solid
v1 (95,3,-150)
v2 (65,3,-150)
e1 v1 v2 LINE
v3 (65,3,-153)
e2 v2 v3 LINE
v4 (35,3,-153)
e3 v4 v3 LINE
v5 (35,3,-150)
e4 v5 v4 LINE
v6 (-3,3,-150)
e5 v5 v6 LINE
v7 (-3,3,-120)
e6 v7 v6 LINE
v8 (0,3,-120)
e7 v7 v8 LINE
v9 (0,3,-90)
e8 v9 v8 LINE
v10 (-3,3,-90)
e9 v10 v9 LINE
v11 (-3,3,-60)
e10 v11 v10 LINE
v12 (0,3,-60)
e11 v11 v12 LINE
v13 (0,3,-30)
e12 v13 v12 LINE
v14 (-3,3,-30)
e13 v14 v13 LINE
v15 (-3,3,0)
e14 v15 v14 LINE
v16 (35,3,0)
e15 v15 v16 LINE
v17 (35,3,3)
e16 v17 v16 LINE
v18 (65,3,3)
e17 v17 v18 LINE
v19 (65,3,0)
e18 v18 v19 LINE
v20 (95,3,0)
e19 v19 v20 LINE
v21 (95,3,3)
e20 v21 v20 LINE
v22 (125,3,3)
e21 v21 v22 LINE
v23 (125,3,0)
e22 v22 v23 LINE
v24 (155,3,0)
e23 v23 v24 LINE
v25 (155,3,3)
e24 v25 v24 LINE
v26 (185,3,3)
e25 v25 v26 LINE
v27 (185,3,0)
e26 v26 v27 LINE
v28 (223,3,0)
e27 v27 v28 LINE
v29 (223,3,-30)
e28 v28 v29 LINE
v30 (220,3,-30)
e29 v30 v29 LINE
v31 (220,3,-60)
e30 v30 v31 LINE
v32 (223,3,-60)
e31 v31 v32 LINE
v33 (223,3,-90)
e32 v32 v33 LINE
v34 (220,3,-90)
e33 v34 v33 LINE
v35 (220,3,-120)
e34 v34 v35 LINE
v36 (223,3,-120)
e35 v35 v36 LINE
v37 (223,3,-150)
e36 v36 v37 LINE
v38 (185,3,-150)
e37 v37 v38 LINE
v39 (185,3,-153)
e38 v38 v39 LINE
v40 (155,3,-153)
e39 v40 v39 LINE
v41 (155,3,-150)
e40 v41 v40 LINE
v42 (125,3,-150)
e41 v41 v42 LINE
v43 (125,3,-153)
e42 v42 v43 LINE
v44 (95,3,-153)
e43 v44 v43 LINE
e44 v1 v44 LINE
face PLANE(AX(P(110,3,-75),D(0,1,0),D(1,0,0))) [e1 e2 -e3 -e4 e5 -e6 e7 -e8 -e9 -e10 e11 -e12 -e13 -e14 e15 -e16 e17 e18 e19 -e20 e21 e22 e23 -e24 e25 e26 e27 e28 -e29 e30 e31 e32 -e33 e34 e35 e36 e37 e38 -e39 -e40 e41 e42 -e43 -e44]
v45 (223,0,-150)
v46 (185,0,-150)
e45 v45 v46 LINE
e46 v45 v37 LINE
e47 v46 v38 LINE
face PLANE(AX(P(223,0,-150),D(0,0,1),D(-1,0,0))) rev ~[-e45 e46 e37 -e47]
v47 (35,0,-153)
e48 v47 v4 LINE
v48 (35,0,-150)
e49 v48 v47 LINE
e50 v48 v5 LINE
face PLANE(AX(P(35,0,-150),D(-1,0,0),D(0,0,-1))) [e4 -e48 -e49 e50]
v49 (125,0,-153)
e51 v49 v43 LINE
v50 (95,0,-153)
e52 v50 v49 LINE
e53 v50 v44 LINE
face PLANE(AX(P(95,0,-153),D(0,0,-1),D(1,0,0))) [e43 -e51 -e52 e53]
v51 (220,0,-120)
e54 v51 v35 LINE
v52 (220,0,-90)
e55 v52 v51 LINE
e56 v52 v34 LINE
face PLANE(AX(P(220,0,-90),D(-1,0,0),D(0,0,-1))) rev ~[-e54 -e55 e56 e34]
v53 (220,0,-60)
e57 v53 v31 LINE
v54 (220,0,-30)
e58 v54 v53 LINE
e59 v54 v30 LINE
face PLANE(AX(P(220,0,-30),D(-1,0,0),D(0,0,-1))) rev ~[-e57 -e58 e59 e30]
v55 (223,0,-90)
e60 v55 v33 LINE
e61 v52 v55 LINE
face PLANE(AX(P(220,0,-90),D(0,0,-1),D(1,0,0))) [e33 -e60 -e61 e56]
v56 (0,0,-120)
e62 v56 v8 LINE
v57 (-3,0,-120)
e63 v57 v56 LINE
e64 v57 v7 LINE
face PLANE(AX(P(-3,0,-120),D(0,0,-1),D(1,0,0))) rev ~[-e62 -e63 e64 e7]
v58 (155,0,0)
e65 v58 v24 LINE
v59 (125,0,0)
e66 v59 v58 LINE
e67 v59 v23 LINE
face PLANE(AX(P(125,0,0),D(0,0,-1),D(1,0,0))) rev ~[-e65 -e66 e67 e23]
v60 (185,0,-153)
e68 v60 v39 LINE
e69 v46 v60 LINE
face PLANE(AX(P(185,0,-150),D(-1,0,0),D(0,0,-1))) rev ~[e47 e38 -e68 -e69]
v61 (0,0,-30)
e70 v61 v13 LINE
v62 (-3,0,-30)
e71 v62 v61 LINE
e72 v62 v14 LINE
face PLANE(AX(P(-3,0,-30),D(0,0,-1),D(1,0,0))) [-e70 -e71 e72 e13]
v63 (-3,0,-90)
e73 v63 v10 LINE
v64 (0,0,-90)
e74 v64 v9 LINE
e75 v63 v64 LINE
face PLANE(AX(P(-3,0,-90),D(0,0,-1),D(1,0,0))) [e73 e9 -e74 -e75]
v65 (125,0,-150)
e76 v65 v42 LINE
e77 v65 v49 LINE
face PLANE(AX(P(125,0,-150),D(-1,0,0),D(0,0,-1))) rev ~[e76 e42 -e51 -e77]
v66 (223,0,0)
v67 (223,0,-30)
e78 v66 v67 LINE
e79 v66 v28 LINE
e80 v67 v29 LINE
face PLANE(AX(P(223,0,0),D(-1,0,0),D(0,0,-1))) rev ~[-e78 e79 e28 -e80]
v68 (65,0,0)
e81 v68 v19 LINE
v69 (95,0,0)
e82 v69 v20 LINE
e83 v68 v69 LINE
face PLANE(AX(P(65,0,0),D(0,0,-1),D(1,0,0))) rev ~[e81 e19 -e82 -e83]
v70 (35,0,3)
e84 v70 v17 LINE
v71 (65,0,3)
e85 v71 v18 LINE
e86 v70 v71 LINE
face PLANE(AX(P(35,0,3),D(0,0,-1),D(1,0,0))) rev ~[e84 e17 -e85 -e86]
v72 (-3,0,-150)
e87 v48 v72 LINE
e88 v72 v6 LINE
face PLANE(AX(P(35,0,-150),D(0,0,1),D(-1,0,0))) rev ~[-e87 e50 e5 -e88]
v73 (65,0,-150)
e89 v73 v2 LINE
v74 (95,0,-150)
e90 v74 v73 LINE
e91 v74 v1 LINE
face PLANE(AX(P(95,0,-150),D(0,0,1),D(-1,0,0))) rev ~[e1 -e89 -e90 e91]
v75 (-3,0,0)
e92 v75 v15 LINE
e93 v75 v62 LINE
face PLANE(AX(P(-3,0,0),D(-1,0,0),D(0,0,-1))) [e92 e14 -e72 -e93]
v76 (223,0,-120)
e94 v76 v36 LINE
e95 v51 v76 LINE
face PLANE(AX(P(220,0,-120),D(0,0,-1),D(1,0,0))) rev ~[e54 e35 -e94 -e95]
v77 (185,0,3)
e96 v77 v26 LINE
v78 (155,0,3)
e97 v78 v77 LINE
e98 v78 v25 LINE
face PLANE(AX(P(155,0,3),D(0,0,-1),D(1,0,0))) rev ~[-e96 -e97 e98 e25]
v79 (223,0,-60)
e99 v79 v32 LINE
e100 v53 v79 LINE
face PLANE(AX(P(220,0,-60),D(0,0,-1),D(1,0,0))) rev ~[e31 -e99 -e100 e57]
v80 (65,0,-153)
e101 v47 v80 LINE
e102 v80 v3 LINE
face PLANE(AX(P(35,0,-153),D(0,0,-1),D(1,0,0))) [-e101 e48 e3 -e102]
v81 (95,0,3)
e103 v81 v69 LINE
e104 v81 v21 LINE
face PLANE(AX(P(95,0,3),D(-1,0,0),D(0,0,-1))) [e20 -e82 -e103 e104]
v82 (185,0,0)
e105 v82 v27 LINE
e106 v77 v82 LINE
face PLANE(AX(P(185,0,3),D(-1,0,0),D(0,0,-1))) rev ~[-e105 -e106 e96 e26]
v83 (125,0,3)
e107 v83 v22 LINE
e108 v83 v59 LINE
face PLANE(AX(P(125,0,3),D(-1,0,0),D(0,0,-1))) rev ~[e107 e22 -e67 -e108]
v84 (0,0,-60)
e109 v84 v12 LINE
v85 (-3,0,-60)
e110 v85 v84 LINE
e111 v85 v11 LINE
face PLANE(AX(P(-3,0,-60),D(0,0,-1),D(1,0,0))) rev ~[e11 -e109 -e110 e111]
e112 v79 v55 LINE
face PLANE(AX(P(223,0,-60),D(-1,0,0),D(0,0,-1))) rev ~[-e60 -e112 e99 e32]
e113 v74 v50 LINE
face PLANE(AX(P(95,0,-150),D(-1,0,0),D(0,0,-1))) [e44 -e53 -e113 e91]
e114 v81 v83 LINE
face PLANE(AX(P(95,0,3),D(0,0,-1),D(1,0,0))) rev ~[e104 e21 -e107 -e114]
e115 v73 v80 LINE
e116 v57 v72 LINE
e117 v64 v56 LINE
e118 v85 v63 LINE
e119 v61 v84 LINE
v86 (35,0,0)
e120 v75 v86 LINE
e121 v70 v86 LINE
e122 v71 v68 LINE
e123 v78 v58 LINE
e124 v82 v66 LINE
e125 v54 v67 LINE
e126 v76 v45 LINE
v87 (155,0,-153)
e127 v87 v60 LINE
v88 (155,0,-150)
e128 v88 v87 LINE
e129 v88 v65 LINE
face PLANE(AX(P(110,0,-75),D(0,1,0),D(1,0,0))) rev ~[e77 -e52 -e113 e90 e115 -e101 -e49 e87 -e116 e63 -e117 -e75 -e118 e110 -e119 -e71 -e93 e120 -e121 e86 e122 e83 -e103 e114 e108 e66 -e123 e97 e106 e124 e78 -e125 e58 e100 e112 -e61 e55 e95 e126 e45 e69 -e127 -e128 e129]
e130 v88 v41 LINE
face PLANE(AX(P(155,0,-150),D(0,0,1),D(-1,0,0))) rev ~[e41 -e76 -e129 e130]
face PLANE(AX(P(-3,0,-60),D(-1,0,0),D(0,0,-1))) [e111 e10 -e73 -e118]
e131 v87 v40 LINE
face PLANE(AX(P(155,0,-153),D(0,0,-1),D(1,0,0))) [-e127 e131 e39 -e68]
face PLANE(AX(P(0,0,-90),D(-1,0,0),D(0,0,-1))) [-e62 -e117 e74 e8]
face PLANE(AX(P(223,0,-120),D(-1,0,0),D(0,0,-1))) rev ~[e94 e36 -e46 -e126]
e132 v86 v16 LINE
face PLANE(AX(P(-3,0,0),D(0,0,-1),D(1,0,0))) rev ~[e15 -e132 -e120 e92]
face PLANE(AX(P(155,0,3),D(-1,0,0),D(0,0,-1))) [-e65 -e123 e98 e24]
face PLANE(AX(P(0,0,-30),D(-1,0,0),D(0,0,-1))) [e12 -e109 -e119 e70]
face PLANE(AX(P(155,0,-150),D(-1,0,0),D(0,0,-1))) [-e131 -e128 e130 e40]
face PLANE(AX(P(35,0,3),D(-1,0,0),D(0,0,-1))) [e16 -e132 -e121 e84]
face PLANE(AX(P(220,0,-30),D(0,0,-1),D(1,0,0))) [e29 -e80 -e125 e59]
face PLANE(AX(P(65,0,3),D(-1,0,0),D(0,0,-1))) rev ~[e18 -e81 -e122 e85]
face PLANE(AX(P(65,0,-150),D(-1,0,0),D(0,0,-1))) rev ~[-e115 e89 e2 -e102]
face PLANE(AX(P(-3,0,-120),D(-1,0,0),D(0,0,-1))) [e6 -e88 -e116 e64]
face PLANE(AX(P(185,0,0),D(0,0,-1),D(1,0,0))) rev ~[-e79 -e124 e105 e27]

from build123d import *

# Parameters (mm, degrees)
SKETCH1_W           = 220
SKETCH1_H           = 150
SKETCH1_W_2         = 3
SKETCH1_H_2         = 30
SKETCH1_W_3         = 30
SKETCH1_H_3         = 3
BOSS_EXTRUDE1_DEPTH = 3


with BuildPart() as part:
    # Sketch1 → Boss-Extrude1 (new body)
    with BuildSketch(Plane(origin=(0, 0, 0), x_dir=(1, 0, 0), z_dir=(0, 1, 0))):
        with Locations((110, 75)):
            Rectangle(SKETCH1_W, SKETCH1_H)
        with Locations((-1.5, 15)):
            Rectangle(SKETCH1_W_2, SKETCH1_H_2)
        with Locations((-1.5, 75)):
            Rectangle(SKETCH1_W_2, SKETCH1_H_2)
        with Locations((-1.5, 135)):
            Rectangle(SKETCH1_W_2, SKETCH1_H_2)
        with Locations((50, 151.5)):
            Rectangle(SKETCH1_W_3, SKETCH1_H_3)
        with Locations((110, 151.5)):
            Rectangle(SKETCH1_W_3, SKETCH1_H_3)
        with Locations((170, 151.5)):
            Rectangle(SKETCH1_W_3, SKETCH1_H_3)
        with Locations((221.5, 135)):
            Rectangle(SKETCH1_W_2, SKETCH1_H_2)
        with Locations((221.5, 75)):
            Rectangle(SKETCH1_W_2, SKETCH1_H_2)
        with Locations((221.5, 15)):
            Rectangle(SKETCH1_W_2, SKETCH1_H_2)
        with Locations((170, -1.5)):
            Rectangle(SKETCH1_W_3, SKETCH1_H_3)
        with Locations((110, -1.5)):
            Rectangle(SKETCH1_W_3, SKETCH1_H_3)
        with Locations((50, -1.5)):
            Rectangle(SKETCH1_W_3, SKETCH1_H_3)
    extrude(amount=BOSS_EXTRUDE1_DEPTH)


solid = part.part
